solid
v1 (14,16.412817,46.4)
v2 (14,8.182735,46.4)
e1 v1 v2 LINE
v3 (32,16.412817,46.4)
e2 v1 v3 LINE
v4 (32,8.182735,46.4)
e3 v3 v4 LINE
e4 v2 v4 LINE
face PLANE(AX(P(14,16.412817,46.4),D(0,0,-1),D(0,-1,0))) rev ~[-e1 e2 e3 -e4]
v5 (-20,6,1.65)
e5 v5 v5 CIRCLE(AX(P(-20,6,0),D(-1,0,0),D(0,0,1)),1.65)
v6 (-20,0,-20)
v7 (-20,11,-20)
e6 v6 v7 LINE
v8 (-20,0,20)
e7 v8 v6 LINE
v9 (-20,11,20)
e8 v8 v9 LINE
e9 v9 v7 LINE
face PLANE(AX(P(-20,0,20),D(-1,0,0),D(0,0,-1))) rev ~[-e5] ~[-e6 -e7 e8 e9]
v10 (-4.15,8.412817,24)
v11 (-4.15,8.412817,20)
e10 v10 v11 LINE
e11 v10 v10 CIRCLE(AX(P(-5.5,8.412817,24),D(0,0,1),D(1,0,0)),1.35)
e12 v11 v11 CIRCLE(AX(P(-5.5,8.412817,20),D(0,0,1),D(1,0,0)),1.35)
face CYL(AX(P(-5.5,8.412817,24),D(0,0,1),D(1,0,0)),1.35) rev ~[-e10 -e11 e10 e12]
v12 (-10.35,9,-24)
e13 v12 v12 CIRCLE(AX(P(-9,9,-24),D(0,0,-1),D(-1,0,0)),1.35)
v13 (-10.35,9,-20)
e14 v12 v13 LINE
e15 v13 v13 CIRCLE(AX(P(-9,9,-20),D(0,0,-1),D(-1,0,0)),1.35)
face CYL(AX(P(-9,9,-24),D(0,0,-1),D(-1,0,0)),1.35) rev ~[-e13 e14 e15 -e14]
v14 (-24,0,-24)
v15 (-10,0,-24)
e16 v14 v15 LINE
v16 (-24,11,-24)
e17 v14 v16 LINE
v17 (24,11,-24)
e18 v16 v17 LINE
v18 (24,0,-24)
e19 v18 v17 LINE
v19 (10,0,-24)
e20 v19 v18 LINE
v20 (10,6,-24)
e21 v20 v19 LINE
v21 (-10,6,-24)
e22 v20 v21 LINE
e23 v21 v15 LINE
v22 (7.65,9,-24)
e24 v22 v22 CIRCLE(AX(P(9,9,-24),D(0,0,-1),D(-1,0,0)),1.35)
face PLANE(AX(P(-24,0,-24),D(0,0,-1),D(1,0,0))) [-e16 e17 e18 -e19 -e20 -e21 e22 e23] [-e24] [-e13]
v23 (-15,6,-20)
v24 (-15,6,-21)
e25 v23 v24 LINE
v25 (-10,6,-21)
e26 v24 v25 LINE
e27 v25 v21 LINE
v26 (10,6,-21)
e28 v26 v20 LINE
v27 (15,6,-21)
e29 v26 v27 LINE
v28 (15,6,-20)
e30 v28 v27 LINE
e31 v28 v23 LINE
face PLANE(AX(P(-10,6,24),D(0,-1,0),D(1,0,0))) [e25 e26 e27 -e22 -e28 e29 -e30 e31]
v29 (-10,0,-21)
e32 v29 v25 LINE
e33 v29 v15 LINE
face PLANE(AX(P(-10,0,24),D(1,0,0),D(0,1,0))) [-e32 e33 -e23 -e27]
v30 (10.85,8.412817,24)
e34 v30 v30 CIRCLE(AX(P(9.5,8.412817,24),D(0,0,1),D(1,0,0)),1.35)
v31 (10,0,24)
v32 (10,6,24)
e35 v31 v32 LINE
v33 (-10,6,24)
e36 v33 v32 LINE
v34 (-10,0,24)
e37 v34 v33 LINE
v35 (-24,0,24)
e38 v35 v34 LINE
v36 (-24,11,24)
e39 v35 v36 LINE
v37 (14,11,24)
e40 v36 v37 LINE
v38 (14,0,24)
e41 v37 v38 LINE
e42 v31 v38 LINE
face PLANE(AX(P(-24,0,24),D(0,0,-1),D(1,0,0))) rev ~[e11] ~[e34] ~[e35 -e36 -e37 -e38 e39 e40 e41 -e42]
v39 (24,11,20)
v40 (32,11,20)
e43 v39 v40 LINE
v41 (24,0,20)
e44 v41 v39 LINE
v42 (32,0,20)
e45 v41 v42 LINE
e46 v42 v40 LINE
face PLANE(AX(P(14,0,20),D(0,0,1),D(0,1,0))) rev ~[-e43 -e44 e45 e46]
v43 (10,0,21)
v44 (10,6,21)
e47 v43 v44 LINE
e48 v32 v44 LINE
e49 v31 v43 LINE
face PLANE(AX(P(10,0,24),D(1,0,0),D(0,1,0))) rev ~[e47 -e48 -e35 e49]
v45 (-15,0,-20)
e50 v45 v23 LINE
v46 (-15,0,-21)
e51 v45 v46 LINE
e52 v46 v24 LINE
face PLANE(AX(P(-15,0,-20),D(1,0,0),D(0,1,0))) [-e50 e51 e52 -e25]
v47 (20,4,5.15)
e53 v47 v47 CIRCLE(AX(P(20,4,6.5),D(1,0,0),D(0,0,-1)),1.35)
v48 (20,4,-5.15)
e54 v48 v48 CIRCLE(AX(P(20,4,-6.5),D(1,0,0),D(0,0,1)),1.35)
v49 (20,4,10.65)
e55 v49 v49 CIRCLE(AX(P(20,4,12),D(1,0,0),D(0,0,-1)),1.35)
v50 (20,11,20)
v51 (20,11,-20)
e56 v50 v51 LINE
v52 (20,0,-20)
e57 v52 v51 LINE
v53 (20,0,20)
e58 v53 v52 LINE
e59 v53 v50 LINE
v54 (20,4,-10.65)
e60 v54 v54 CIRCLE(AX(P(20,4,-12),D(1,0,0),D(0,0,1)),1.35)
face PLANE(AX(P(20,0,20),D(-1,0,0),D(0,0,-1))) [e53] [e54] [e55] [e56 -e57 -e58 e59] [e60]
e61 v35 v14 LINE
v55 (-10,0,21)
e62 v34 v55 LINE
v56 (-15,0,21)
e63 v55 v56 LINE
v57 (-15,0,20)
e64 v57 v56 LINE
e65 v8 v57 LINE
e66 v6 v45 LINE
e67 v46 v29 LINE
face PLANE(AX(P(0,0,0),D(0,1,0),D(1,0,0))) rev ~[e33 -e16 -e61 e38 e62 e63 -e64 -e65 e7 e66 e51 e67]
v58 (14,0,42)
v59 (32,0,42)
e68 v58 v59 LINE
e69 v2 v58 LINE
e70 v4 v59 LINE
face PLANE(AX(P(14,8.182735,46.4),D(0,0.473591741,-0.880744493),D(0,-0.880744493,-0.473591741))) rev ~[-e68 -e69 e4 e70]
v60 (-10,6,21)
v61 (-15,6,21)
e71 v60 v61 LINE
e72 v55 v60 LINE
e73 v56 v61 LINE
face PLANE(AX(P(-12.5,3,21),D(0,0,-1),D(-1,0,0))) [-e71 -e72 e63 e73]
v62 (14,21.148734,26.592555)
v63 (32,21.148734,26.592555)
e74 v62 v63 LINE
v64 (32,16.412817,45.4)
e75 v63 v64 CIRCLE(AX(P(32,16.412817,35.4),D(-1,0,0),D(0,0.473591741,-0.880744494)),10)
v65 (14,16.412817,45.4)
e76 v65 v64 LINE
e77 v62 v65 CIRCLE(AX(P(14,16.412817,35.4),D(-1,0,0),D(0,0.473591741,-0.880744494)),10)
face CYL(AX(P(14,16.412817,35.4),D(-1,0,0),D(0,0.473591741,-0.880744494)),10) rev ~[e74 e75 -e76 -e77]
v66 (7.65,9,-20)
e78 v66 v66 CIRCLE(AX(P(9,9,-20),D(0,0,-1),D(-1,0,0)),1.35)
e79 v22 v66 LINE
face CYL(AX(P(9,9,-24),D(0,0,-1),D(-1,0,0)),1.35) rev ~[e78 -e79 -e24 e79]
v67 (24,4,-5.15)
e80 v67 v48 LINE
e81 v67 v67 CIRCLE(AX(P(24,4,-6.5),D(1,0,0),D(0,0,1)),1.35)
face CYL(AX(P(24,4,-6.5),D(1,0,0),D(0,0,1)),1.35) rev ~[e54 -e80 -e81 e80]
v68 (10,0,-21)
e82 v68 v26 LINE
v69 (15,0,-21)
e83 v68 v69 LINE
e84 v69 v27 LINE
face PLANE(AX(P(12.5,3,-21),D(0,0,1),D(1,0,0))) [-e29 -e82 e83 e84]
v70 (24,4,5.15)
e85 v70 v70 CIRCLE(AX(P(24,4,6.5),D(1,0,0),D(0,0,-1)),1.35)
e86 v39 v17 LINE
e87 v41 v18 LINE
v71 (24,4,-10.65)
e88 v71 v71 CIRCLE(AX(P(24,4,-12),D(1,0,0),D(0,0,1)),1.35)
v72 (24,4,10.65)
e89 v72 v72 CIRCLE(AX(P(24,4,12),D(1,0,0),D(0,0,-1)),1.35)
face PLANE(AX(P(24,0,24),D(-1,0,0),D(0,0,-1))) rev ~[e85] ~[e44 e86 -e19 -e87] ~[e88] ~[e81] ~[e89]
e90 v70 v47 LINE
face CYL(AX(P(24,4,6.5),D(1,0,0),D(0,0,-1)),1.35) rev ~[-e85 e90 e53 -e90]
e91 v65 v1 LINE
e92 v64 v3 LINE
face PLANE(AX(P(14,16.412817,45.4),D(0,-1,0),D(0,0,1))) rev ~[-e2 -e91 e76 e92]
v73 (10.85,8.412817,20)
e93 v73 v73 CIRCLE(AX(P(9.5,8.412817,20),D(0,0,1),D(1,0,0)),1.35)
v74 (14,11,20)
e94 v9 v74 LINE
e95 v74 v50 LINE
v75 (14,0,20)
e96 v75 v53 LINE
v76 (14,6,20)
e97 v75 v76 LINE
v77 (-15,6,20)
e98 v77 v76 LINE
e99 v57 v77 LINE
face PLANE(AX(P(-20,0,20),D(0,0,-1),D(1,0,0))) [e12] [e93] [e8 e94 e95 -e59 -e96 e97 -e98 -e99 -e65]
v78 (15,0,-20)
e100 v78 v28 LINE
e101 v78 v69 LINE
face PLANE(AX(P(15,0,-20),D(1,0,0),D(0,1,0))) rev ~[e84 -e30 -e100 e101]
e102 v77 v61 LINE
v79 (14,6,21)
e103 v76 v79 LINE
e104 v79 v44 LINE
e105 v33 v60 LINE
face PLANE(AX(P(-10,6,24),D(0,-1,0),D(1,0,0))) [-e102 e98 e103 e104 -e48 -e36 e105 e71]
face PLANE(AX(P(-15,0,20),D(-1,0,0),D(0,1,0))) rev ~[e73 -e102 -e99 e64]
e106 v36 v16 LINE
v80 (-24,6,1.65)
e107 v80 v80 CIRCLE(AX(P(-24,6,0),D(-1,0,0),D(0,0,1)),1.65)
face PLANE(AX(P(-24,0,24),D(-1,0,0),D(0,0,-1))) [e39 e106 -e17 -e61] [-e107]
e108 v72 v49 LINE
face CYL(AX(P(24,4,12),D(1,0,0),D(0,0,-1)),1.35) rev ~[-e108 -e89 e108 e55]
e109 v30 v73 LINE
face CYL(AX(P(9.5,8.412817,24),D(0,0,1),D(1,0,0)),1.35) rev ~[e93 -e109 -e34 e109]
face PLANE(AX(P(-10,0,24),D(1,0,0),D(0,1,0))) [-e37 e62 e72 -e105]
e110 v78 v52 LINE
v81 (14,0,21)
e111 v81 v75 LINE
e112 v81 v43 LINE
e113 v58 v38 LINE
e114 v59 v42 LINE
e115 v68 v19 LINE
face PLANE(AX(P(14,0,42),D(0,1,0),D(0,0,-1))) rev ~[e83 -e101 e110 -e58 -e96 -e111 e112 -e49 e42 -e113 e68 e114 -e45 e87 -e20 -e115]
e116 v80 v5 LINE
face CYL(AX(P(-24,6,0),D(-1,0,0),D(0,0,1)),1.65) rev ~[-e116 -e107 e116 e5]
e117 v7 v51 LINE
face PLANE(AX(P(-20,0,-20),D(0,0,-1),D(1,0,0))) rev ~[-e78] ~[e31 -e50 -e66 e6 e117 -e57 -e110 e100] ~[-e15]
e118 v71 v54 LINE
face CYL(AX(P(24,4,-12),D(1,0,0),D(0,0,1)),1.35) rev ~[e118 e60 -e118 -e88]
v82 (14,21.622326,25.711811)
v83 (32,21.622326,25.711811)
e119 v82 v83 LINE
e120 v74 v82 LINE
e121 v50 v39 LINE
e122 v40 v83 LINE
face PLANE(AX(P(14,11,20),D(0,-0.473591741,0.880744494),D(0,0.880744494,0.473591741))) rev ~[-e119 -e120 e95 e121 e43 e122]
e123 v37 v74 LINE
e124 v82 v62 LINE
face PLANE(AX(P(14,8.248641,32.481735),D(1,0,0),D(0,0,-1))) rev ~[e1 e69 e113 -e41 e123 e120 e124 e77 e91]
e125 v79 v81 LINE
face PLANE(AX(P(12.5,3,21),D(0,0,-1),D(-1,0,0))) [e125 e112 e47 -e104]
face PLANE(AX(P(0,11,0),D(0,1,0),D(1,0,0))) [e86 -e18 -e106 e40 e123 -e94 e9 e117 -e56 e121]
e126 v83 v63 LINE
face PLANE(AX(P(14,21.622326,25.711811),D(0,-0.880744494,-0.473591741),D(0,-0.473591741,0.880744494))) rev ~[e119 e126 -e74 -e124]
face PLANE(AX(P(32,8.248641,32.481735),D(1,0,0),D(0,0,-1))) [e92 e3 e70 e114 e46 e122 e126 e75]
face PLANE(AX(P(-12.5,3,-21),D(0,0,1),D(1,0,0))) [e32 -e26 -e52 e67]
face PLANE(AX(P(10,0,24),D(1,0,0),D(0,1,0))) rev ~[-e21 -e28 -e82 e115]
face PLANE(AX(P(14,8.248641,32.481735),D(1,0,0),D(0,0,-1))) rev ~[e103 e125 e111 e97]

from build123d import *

# Parameters (mm, degrees)
SKETCH1_W                = 48
SKETCH1_H                = 48
SKETCH1_W_2              = 40
SKETCH1_H_2              = 40
BOSS_EXTRUDE1_DEPTH      = 11
SKETCH3_W                = 20
SKETCH3_H                = 6
CUT_EXTRUDE1_DEPTH       = 55.781383699
SKETCH4_W                = 5
SKETCH4_H                = 6
CUT_EXTRUDE2_DEPTH       = 1
SKETCH5_W                = 5
SKETCH5_H                = 6
CUT_EXTRUDE3_DEPTH       = 1
CUT_EXTRUDE4_REACH       = 56.781
SKETCH6_R                = 1.35
CUT_EXTRUDE5_REACH       = 56.781
SKETCH7_R                = 1.35
CUT_EXTRUDE6_REACH       = 56.781
SKETCH8_R                = 1.35
CUT_EXTRUDE7_REACH       = 56.781
SKETCH9_R                = 1.65
BOSS_EXTRUDE7_DEPTH      = 8
BOSS_EXTRUDE7_DEPTH_BACK = 10


with BuildPart() as part:
    # Sketch1 → Boss-Extrude1 (new body)
    with BuildSketch(Plane(origin=(0, 0, 0), x_dir=(1, 0, 0), z_dir=(0, 1, 0))):
        Rectangle(SKETCH1_W, SKETCH1_H)
        Rectangle(SKETCH1_W_2, SKETCH1_H_2, mode=Mode.SUBTRACT)
    extrude(amount=BOSS_EXTRUDE1_DEPTH)

    # Sketch3 → Cut-Extrude1 (cut, through all)
    with BuildSketch(Plane.XY.offset(24)):
        with Locations((0, 3)):
            Rectangle(SKETCH3_W, SKETCH3_H)
    extrude(amount=-CUT_EXTRUDE1_DEPTH, mode=Mode.SUBTRACT)

    # Sketch4 → Cut-Extrude2 (cut)
    with BuildSketch(Plane.XY.offset(-20)):
        with Locations((-12.5, 3)):
            Rectangle(SKETCH4_W, SKETCH4_H)
        with Locations((12.5, 3)):
            Rectangle(SKETCH4_W, SKETCH4_H)
    extrude(amount=-CUT_EXTRUDE2_DEPTH, mode=Mode.SUBTRACT)

    # Sketch5 → Cut-Extrude3 (cut)
    with BuildSketch(Plane(origin=(0, 0, 20), x_dir=(-1, 0, 0), z_dir=(0, 0, -1))):
        with Locations((-12.5, 3)):
            Rectangle(SKETCH5_W, SKETCH5_H)
        with Locations((12.5, 3)):
            Rectangle(SKETCH5_W, SKETCH5_H)
    extrude(amount=-CUT_EXTRUDE3_DEPTH, mode=Mode.SUBTRACT)

    # Sketch6 → Cut-Extrude4 (cut, up to next)
    with BuildSketch(Plane(origin=(0, 0, -24), x_dir=(-1, 0, 0), z_dir=(0, 0, -1)), mode=Mode.PRIVATE) as cut_extrude4_sk1:
        with Locations((-9, 9)):
            Circle(SKETCH6_R)
    cut_extrude4_tool1 = extrude(cut_extrude4_sk1.sketch, amount=-CUT_EXTRUDE4_REACH, mode=Mode.PRIVATE) & part.part
    # Sketch6 → Cut-Extrude4 (cut, up to next)
    with BuildSketch(Plane(origin=(0, 0, -24), x_dir=(-1, 0, 0), z_dir=(0, 0, -1)), mode=Mode.PRIVATE) as cut_extrude4_sk2:
        with Locations((9, 9)):
            Circle(SKETCH6_R)
    cut_extrude4_tool2 = extrude(cut_extrude4_sk2.sketch, amount=-CUT_EXTRUDE4_REACH, mode=Mode.PRIVATE) & part.part
    add(cut_extrude4_tool1.solids().sort_by_distance((9, 9, -24))[0], mode=Mode.SUBTRACT)
    add(cut_extrude4_tool2.solids().sort_by_distance((-9, 9, -24))[0], mode=Mode.SUBTRACT)

    # Sketch7 → Cut-Extrude5 (cut, up to next)
    with BuildSketch(Plane.XY.offset(24), mode=Mode.PRIVATE) as cut_extrude5_sk1:
        with Locations((9.5, 8.412816521)):
            Circle(SKETCH7_R)
    cut_extrude5_tool1 = extrude(cut_extrude5_sk1.sketch, amount=-CUT_EXTRUDE5_REACH, mode=Mode.PRIVATE) & part.part
    # Sketch7 → Cut-Extrude5 (cut, up to next)
    with BuildSketch(Plane.XY.offset(24), mode=Mode.PRIVATE) as cut_extrude5_sk2:
        with Locations((-5.5, 8.412816521)):
            Circle(SKETCH7_R)
    cut_extrude5_tool2 = extrude(cut_extrude5_sk2.sketch, amount=-CUT_EXTRUDE5_REACH, mode=Mode.PRIVATE) & part.part
    add(cut_extrude5_tool1.solids().sort_by_distance((9.5, 8.412817, 24))[0], mode=Mode.SUBTRACT)
    add(cut_extrude5_tool2.solids().sort_by_distance((-5.5, 8.412817, 24))[0], mode=Mode.SUBTRACT)

    # Sketch8 → Cut-Extrude6 (cut, up to next)
    with BuildSketch(Plane(origin=(24, 0, 0), x_dir=(0, 0, -1), z_dir=(1, 0, 0)), mode=Mode.PRIVATE) as cut_extrude6_sk1:
        with Locations((-12, 4)):
            Circle(SKETCH8_R)
    cut_extrude6_tool1 = extrude(cut_extrude6_sk1.sketch, amount=-CUT_EXTRUDE6_REACH, mode=Mode.PRIVATE) & part.part
    # Sketch8 → Cut-Extrude6 (cut, up to next)
    with BuildSketch(Plane(origin=(24, 0, 0), x_dir=(0, 0, -1), z_dir=(1, 0, 0)), mode=Mode.PRIVATE) as cut_extrude6_sk2:
        with Locations((-6.5, 4)):
            Circle(SKETCH8_R)
    cut_extrude6_tool2 = extrude(cut_extrude6_sk2.sketch, amount=-CUT_EXTRUDE6_REACH, mode=Mode.PRIVATE) & part.part
    # Sketch8 → Cut-Extrude6 (cut, up to next)
    with BuildSketch(Plane(origin=(24, 0, 0), x_dir=(0, 0, -1), z_dir=(1, 0, 0)), mode=Mode.PRIVATE) as cut_extrude6_sk3:
        with Locations(Location((6.5, 4, 0), (0, 0, 180))):
            Circle(SKETCH8_R)
    cut_extrude6_tool3 = extrude(cut_extrude6_sk3.sketch, amount=-CUT_EXTRUDE6_REACH, mode=Mode.PRIVATE) & part.part
    # Sketch8 → Cut-Extrude6 (cut, up to next)
    with BuildSketch(Plane(origin=(24, 0, 0), x_dir=(0, 0, -1), z_dir=(1, 0, 0)), mode=Mode.PRIVATE) as cut_extrude6_sk4:
        with Locations(Location((12, 4, 0), (0, 0, 180))):
            Circle(SKETCH8_R)
    cut_extrude6_tool4 = extrude(cut_extrude6_sk4.sketch, amount=-CUT_EXTRUDE6_REACH, mode=Mode.PRIVATE) & part.part
    add(cut_extrude6_tool1.solids().sort_by_distance((24, 4, 12))[0], mode=Mode.SUBTRACT)
    add(cut_extrude6_tool2.solids().sort_by_distance((24, 4, 6.5))[0], mode=Mode.SUBTRACT)
    add(cut_extrude6_tool3.solids().sort_by_distance((24, 4, -6.5))[0], mode=Mode.SUBTRACT)
    add(cut_extrude6_tool4.solids().sort_by_distance((24, 4, -12))[0], mode=Mode.SUBTRACT)

    # Sketch9 → Cut-Extrude7 (cut, up to next)
    with BuildSketch(Plane.ZY.offset(24), mode=Mode.PRIVATE) as cut_extrude7_sk1:
        with Locations((0, 6)):
            Circle(SKETCH9_R)
    cut_extrude7_tool1 = extrude(cut_extrude7_sk1.sketch, amount=-CUT_EXTRUDE7_REACH, mode=Mode.PRIVATE) & part.part
    add(cut_extrude7_tool1.solids().sort_by_distance((-24, 6, 0))[0], mode=Mode.SUBTRACT)

    # Sketch10 → Boss-Extrude7 (add, two sides: drawn at the far end of the back side and taken through both)
    with BuildSketch(Plane(origin=(24, 0, 0), x_dir=(0, 0, -1), z_dir=(1, 0, 0)).offset(-BOSS_EXTRUDE7_DEPTH_BACK)):
        with BuildLine():
            Line((-42, 0), (-20, 0))
            Line((-20, 0), (-20, 11))
            Line((-20, 11), (-25.711810571, 21.622325672))
            ThreePointArc((-25.711810571, 21.622325672), (-32.713932588, 5.745809356), (-46.4, 16.412816521))
            Line((-46.4, 16.412816521), (-46.4, 8.182735119))
            Line((-46.4, 8.182735119), (-42, 0))
        make_face()
        with BuildLine():
            ThreePointArc((-46.4, 16.412816521), (-32.713932588, 5.745809356), (-25.711810571, 21.622325672))
            Line((-25.711810571, 21.622325672), (-26.592555065, 21.148733931))
            ThreePointArc((-26.592555065, 21.148733931), (-32.958120534, 6.71553728), (-45.4, 16.412816521))
            Line((-45.4, 16.412816521), (-46.4, 16.412816521))
        make_face()
    extrude(amount=BOSS_EXTRUDE7_DEPTH + BOSS_EXTRUDE7_DEPTH_BACK)


solid = part.part
